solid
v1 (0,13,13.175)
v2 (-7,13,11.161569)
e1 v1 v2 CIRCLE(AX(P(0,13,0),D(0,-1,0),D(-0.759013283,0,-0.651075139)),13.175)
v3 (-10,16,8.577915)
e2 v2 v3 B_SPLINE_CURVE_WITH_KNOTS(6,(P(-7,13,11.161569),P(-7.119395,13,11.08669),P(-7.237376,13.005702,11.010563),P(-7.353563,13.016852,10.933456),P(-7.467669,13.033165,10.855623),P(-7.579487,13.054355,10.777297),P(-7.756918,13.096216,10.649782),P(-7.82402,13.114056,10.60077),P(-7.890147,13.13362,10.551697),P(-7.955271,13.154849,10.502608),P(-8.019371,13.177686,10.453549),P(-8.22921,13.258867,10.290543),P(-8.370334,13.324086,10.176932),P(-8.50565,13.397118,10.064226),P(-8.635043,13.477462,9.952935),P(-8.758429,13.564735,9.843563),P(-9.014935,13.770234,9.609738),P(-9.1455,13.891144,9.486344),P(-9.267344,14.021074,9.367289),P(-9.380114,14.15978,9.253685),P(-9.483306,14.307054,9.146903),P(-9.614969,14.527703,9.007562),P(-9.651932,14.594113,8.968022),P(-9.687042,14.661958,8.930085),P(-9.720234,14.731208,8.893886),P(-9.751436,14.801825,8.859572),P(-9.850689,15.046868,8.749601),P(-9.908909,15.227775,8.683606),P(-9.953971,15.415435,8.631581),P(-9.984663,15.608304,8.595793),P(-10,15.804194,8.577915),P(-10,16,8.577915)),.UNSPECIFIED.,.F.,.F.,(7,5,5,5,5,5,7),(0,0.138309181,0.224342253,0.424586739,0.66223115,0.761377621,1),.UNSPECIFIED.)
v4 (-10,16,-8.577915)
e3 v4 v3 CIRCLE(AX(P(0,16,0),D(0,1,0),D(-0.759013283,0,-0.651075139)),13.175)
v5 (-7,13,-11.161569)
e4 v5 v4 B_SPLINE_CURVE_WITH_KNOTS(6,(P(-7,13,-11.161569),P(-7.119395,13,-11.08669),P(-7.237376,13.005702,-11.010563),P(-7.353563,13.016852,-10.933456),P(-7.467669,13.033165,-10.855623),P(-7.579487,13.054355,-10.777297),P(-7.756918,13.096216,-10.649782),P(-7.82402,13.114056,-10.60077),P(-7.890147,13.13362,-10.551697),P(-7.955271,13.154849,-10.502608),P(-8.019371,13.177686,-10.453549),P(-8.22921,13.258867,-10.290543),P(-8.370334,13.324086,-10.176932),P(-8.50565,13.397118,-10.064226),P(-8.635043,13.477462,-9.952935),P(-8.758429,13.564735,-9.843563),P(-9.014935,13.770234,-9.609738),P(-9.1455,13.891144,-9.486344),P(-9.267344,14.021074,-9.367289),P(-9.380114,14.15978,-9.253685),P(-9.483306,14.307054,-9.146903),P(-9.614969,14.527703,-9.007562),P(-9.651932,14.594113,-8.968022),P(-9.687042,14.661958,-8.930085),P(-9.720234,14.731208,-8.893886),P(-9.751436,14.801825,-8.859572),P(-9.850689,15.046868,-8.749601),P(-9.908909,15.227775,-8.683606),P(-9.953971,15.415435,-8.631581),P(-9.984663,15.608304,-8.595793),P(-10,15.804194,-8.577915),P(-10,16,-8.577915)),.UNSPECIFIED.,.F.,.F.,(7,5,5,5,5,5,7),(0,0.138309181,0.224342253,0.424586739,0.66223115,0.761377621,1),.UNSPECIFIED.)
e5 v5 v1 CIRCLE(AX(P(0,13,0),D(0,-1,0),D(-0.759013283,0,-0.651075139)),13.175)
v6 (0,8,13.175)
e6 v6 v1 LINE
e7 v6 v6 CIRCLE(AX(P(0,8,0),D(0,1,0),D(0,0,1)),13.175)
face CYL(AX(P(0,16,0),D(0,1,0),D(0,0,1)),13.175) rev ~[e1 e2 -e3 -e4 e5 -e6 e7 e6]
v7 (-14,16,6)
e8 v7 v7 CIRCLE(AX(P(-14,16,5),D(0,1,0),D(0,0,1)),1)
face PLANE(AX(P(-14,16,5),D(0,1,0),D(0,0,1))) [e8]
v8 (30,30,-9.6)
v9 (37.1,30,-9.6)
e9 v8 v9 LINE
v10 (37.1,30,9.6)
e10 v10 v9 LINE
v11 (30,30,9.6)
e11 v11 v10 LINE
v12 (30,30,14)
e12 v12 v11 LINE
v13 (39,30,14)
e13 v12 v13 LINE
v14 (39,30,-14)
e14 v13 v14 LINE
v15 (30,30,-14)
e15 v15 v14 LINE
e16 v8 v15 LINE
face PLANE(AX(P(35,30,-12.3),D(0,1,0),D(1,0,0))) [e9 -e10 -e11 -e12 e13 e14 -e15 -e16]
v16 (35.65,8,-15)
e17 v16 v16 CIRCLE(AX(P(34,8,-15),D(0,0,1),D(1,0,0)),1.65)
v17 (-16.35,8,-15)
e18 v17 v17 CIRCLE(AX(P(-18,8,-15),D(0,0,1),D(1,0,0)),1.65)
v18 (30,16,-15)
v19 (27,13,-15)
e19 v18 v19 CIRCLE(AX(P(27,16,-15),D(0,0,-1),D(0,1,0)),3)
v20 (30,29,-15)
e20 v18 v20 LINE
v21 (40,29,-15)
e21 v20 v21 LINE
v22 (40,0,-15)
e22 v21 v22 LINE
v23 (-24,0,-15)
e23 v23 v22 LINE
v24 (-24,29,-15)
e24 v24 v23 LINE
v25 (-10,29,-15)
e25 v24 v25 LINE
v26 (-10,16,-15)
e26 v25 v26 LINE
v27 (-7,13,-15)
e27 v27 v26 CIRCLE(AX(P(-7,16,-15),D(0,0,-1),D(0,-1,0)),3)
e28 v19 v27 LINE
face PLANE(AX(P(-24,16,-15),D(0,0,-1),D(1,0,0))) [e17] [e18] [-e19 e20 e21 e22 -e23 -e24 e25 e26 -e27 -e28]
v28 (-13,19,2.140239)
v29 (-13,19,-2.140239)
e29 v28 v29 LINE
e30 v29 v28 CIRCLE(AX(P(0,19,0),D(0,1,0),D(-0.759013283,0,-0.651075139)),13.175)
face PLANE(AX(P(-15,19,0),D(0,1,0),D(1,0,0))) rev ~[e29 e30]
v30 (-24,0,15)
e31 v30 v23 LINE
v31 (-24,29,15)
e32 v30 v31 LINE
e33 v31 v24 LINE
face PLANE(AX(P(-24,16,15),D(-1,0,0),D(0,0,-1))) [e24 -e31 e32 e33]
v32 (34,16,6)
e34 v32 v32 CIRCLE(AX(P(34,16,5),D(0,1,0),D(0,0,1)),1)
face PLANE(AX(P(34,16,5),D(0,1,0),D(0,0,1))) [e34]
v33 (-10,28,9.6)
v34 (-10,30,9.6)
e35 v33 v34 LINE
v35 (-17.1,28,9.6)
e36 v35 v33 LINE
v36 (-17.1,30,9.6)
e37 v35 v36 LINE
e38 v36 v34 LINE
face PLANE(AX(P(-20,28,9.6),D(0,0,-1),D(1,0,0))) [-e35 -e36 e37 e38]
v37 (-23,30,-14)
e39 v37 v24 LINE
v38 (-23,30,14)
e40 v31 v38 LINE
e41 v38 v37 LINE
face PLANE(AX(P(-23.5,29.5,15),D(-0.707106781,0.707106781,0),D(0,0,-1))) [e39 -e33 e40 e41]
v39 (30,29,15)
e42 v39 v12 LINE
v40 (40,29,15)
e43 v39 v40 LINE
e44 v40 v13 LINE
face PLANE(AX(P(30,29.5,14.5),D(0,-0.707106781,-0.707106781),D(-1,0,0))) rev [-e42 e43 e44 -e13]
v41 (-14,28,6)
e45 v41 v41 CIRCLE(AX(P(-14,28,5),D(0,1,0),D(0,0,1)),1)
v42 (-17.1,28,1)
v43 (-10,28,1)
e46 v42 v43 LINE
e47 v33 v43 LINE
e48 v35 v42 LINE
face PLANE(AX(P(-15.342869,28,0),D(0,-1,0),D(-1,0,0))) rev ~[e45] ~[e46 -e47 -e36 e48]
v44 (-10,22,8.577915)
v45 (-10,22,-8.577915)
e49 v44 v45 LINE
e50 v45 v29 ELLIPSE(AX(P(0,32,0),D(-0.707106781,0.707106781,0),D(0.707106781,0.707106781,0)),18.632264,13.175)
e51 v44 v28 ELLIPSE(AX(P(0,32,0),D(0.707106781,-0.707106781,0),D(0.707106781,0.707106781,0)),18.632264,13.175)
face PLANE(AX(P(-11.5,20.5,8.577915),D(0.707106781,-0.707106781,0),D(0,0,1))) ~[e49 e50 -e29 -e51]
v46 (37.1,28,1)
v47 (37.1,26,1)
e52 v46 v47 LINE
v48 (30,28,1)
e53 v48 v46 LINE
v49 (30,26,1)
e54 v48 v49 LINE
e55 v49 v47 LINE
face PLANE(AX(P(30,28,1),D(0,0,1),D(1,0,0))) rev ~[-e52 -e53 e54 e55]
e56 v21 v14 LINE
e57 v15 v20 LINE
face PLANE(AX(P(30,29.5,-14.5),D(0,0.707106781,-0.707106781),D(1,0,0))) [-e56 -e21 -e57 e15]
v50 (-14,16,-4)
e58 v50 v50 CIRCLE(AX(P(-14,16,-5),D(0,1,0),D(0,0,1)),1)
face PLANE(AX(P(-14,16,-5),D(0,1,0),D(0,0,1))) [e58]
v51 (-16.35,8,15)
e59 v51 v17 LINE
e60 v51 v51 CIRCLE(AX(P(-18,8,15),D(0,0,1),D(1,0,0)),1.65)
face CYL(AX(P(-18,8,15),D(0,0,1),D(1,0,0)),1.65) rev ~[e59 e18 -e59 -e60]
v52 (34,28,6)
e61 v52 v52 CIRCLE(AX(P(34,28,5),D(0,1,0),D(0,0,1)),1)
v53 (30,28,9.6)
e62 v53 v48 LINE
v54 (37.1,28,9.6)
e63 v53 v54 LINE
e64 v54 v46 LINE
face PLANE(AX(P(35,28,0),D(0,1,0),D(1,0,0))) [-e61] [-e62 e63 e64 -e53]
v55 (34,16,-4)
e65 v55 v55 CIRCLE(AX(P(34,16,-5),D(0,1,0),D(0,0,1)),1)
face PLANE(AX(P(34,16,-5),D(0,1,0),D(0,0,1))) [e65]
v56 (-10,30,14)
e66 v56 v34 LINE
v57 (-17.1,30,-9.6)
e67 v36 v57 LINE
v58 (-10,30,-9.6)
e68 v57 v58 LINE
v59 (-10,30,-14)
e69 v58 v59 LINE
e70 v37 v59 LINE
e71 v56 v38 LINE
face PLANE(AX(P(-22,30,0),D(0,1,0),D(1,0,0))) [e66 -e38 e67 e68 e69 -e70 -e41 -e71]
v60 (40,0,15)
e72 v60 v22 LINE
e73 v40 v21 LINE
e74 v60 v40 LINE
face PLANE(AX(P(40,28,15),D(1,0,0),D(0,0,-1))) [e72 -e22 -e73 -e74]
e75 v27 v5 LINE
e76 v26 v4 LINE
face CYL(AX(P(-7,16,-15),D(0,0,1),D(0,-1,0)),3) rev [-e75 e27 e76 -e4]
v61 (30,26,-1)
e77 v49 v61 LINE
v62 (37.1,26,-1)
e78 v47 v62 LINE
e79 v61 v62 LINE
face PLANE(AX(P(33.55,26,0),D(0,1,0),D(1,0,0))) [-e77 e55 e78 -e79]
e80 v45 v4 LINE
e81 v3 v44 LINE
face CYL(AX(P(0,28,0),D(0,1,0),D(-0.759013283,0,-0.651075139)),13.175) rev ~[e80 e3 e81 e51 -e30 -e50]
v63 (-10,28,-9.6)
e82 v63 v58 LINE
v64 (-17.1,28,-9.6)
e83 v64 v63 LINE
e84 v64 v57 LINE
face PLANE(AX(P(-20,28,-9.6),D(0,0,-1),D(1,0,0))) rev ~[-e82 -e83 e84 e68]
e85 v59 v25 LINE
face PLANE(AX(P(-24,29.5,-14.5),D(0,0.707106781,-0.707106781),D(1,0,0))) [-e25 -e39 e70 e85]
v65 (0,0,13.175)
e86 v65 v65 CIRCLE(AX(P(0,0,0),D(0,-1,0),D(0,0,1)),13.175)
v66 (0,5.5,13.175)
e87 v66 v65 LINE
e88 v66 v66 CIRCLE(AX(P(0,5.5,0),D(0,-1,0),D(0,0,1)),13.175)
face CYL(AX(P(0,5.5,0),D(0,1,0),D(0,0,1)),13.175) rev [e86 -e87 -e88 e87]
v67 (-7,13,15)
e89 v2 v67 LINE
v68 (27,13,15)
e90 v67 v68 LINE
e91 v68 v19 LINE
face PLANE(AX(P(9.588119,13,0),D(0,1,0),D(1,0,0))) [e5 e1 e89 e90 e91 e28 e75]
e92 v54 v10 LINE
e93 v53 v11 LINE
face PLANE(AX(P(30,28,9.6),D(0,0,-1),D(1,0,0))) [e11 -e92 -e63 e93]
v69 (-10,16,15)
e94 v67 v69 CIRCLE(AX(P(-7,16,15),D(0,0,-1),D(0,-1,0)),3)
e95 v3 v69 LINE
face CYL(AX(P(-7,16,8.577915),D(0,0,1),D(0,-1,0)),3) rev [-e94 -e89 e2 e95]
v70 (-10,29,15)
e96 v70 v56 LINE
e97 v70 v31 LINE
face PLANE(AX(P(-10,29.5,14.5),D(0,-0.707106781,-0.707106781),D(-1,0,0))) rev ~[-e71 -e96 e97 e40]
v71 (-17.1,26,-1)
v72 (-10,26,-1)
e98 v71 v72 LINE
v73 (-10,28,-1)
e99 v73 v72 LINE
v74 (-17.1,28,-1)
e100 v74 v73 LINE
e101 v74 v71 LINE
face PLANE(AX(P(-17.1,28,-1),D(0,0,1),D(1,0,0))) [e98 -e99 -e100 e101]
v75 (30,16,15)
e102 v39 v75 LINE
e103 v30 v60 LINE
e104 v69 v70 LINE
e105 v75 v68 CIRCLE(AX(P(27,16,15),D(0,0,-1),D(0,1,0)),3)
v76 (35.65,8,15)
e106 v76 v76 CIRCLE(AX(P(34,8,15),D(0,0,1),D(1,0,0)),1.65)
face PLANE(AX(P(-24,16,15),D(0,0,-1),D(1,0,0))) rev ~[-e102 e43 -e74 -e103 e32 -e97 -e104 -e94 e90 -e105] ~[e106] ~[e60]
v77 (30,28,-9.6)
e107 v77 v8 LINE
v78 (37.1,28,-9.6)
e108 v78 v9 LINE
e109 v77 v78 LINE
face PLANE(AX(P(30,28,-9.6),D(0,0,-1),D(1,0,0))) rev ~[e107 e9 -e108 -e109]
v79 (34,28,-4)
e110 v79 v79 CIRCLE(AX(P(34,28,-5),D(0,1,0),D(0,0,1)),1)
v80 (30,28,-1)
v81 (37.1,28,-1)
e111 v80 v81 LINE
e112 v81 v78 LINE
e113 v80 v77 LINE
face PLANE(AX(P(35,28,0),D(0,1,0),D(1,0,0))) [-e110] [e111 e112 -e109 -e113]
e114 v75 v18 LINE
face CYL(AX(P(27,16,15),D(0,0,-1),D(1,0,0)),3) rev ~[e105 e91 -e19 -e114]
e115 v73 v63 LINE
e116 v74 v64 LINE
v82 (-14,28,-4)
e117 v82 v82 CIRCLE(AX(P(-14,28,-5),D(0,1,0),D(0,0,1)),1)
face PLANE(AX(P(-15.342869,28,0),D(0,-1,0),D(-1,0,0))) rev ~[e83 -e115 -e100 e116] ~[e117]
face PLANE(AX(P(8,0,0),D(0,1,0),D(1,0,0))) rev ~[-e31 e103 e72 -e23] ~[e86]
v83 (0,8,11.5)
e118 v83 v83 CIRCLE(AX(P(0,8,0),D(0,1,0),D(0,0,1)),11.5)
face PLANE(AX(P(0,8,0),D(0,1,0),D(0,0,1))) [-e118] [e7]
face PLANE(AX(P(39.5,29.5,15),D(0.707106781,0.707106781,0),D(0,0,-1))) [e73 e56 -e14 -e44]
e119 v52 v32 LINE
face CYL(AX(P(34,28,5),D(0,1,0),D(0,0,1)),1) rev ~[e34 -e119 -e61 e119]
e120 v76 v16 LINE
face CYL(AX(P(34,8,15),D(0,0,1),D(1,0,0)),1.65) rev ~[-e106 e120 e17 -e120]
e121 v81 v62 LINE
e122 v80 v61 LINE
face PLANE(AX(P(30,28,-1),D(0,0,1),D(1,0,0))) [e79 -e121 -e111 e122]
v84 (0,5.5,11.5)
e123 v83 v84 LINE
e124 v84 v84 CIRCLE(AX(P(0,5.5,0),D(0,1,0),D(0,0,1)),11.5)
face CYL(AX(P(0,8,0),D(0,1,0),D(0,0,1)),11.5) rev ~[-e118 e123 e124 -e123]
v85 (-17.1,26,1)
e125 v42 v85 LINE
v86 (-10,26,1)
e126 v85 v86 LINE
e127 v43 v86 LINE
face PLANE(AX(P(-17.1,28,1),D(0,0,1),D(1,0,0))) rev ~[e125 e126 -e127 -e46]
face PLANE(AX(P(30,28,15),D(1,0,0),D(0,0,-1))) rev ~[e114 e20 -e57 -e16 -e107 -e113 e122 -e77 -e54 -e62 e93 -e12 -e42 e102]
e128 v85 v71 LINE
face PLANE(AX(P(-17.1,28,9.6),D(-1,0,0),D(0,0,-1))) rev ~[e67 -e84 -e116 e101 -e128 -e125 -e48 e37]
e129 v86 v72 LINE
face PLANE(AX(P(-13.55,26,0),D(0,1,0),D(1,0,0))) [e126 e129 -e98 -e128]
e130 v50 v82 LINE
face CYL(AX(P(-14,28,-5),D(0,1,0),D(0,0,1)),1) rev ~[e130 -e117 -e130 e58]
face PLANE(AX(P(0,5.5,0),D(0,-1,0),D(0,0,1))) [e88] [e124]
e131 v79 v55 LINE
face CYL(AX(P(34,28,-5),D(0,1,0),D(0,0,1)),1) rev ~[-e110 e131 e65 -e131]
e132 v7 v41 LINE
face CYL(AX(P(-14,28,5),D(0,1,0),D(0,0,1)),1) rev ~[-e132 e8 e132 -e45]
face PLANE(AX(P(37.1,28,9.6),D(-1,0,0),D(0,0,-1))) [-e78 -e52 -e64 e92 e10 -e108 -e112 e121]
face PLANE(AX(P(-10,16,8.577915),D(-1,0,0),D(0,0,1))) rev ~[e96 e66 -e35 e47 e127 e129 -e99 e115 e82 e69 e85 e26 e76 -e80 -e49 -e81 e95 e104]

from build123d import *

# Parameters (mm, degrees)
SKETCH_1_W             = 64
SKETCH_1_H             = 30
EXTRUDE_545_DEPTH      = 13
SKETCH_2_R             = 13.175
CUT_EXTRUDE_683_DEPTH  = 5
CUT_EXTRUDE_START      = -5.5
SKETCH_3_R             = 13.175
CUT_EXTRUDE_807_DEPTH  = 5.5
SKETCH_4_R             = 11.5
CUT_EXTRUDE_897_DEPTH  = 44.462627624
EXTRUDE_START          = 3
SKETCH_8_W             = 64
SKETCH_8_H             = 30
SKETCH_8_R             = 13.175
EXTRUDE_1112_DEPTH     = 3
EXTRUDE_START_2        = 12
SKETCH_9_W             = 10
SKETCH_9_H             = 30
EXTRUDE_1450_DEPTH     = 12
SKETCH_10_R            = 1
CUT_EXTRUDE_1737_DEPTH = 12
SKETCH_11_R            = 1.65
CUT_EXTRUDE_2233_DEPTH = 58.306195128
SKETCH_12_W            = 10
SKETCH_12_H            = 5.4
EXTRUDE_2614_DEPTH     = 2
CUT_EXTRUDE_2853_DEPTH = 3
SKETCH_15_W            = 10
SKETCH_15_H            = 19.2
SKETCH_15_R            = 1
EXTRUDE_3124_DEPTH     = 9
CHAMFER_5_SIZE         = 3
SKETCH_17_W            = 2.9
SKETCH_17_H            = 19.2
EXTRUDE_3548_DEPTH     = 2
SKETCH_16_W            = 7.1
SKETCH_16_H            = 2
CUT_EXTRUDE_3829_DEPTH = 2
SKETCH_18_W            = 4
SKETCH_18_H            = 30
EXTRUDE_3994_DEPTH     = 14
FILLET_4_R             = 3
CHAMFER_7_SIZE         = 1


with BuildPart() as part:
    # Эскиз1 → Extrude 545 (new body)
    with BuildSketch(Plane(origin=(0, 0, 0), x_dir=(1, 0, 0), z_dir=(0, 1, 0))):
        with Locations((8, 0)):
            Rectangle(SKETCH_1_W, SKETCH_1_H)
    extrude(amount=EXTRUDE_545_DEPTH)

    # Эскиз2 → Cut-Extrude 683 (cut)
    with BuildSketch(Plane(origin=(0, 13, 0), x_dir=(1, 0, 0), z_dir=(0, 1, 0))):
        with Locations(Location((0, 0, 0), (0, 0, 270))):
            Circle(SKETCH_2_R)
    extrude(amount=-CUT_EXTRUDE_683_DEPTH, mode=Mode.SUBTRACT)

    # Эскиз3 → Cut-Extrude 807 (cut)
    with BuildSketch(Plane.XZ.offset(CUT_EXTRUDE_START)):
        with Locations(Location((0, 0, 0), (0, 0, 90))):
            Circle(SKETCH_3_R)
    extrude(amount=CUT_EXTRUDE_807_DEPTH, mode=Mode.SUBTRACT)

    # Эскиз4 → Cut-Extrude 897 (cut, through all)
    with BuildSketch(Plane(origin=(0, 8, 0), x_dir=(1, 0, 0), z_dir=(0, 1, 0))):
        with Locations(Location((0, 0, 0), (0, 0, 270))):
            Circle(SKETCH_4_R)
    extrude(amount=-CUT_EXTRUDE_897_DEPTH, mode=Mode.SUBTRACT)

    # Эскиз8 → Extrude 1112 (add)
    with BuildSketch(Plane(origin=(0, 13, 0), x_dir=(1, 0, 0), z_dir=(0, 1, 0)).offset(EXTRUDE_START)):
        with Locations((8, 0)):
            Rectangle(SKETCH_8_W, SKETCH_8_H)
        with Locations(Location((0, 0, 0), (0, 0, 270))):
            Circle(SKETCH_8_R, mode=Mode.SUBTRACT)
    extrude(amount=-EXTRUDE_1112_DEPTH)

    # Эскиз9 → Extrude 1450 (add)
    with BuildSketch(Plane(origin=(0, 16, 0), x_dir=(1, 0, 0), z_dir=(0, 1, 0)).offset(EXTRUDE_START_2)):
        with BuildLine():
            Line((-20, 15), (-10, 15))
            Line((-10, 15), (-10, 8.577914956))
            ThreePointArc((-10, 8.577914956), (-13.175, 0), (-10, -8.577914956))
            Line((-10, -8.577914956), (-10, -15))
            Line((-10, -15), (-20, -15))
            Line((-20, -15), (-20, 15))
        make_face()
        with Locations((35, 0)):
            Rectangle(SKETCH_9_W, SKETCH_9_H)
    extrude(amount=-EXTRUDE_1450_DEPTH)

    # Эскиз10 → Cut-Extrude 1737 (cut)
    with BuildSketch(Plane(origin=(0, 28, 0), x_dir=(1, 0, 0), z_dir=(0, 1, 0))):
        with Locations(Location((-14, 5, 0), (0, 0, 270))):
            Circle(SKETCH_10_R)
        with Locations(Location((-14, -5, 0), (0, 0, 270))):
            Circle(SKETCH_10_R)
        with Locations(Location((34, -5, 0), (0, 0, 270))):
            Circle(SKETCH_10_R)
        with Locations(Location((34, 5, 0), (0, 0, 270))):
            Circle(SKETCH_10_R)
    extrude(amount=-CUT_EXTRUDE_1737_DEPTH, mode=Mode.SUBTRACT)

    # Эскиз11 → Cut-Extrude 2233 (cut, through all)
    with BuildSketch(Plane.XY.offset(15)):
        with Locations((-18, 8)):
            Circle(SKETCH_11_R)
        with Locations((34, 8)):
            Circle(SKETCH_11_R)
    extrude(amount=-CUT_EXTRUDE_2233_DEPTH, mode=Mode.SUBTRACT)

    # Эскиз12 → Extrude 2614 (add)
    with BuildSketch(Plane(origin=(0, 28, 0), x_dir=(1, 0, 0), z_dir=(0, 1, 0))):
        with Locations((-15, 12.3)):
            Rectangle(SKETCH_12_W, SKETCH_12_H)
        with Locations((-15, -12.3)):
            Rectangle(SKETCH_12_W, SKETCH_12_H)
        with Locations((35, -12.3)):
            Rectangle(SKETCH_12_W, SKETCH_12_H)
        with Locations((35, 12.3)):
            Rectangle(SKETCH_12_W, SKETCH_12_H)
    extrude(amount=EXTRUDE_2614_DEPTH)

    # Эскиз14 → Cut-Extrude 2853 (cut)
    with BuildSketch(Plane(origin=(0, 16, 0), x_dir=(1, 0, 0), z_dir=(0, 1, 0))):
        with BuildLine():
            Line((-10, 15), (-10, 8.577914956))
            ThreePointArc((-10, 8.577914956), (13.175, 0), (-10, -8.577914956))
            Line((-10, -8.577914956), (-10, -15))
            Line((-10, -15), (30, -15))
            Line((30, -15), (30, 15))
            Line((30, 15), (-10, 15))
        make_face()
    extrude(amount=-CUT_EXTRUDE_2853_DEPTH, mode=Mode.SUBTRACT)

    # Эскиз15 → Extrude 3124 (add)
    with BuildSketch(Plane(origin=(0, 28, 0), x_dir=(1, 0, 0), z_dir=(0, 1, 0))):
        with Locations((-15, 0)):
            Rectangle(SKETCH_15_W, SKETCH_15_H)
        with Locations(Location((-14, 5, 0), (0, 0, 270))):
            Circle(SKETCH_15_R, mode=Mode.SUBTRACT)
        with Locations(Location((-14, -5, 0), (0, 0, 270))):
            Circle(SKETCH_15_R, mode=Mode.SUBTRACT)
    extrude(amount=-EXTRUDE_3124_DEPTH)

    # Фаска5
    chamfer_5_edges = [part.edges().sort_by_distance(p)[0] for p in [
        (-10, 19, 0),
    ]]
    chamfer(chamfer_5_edges, length=CHAMFER_5_SIZE)

    # Эскиз17 → Extrude 3548 (add)
    with BuildSketch(Plane(origin=(0, 28, 0), x_dir=(1, 0, 0), z_dir=(0, 1, 0))):
        with Locations((-18.55, 0)):
            Rectangle(SKETCH_17_W, SKETCH_17_H)
        with Locations((38.55, 0)):
            Rectangle(SKETCH_17_W, SKETCH_17_H)
    extrude(amount=EXTRUDE_3548_DEPTH)

    # Эскиз16 → Cut-Extrude 3829 (cut)
    with BuildSketch(Plane(origin=(0, 28, 0), x_dir=(1, 0, 0), z_dir=(0, 1, 0))):
        with Locations((-13.55, 0)):
            Rectangle(SKETCH_16_W, SKETCH_16_H)
        with Locations((33.55, 0)):
            Rectangle(SKETCH_16_W, SKETCH_16_H)
    extrude(amount=-CUT_EXTRUDE_3829_DEPTH, mode=Mode.SUBTRACT)

    # Эскиз18 → Extrude 3994 (add)
    with BuildSketch(Plane(origin=(0, 16, 0), x_dir=(1, 0, 0), z_dir=(0, 1, 0))):
        with Locations((-22, 0)):
            Rectangle(SKETCH_18_W, SKETCH_18_H)
    extrude(amount=EXTRUDE_3994_DEPTH)

    # Скругление4
    fillet_4_edges = [part.edges().sort_by_distance(p)[0] for p in [
        (30, 13, 0),
        (-10, 13, 11.788957478),
        (-10, 13, -11.788957478),
    ]]
    fillet(fillet_4_edges, radius=FILLET_4_R)

    # Фаска7
    chamfer_7_edges = [part.edges().sort_by_distance(p)[0] for p in [
        (-17, 30, -15),
        (-17, 30, 15),
        (40, 30, 0),
        (35, 30, 15),
        (35, 30, -15),
        (-24, 30, 0),
    ]]
    chamfer(chamfer_7_edges, length=CHAMFER_7_SIZE)


solid = part.part
